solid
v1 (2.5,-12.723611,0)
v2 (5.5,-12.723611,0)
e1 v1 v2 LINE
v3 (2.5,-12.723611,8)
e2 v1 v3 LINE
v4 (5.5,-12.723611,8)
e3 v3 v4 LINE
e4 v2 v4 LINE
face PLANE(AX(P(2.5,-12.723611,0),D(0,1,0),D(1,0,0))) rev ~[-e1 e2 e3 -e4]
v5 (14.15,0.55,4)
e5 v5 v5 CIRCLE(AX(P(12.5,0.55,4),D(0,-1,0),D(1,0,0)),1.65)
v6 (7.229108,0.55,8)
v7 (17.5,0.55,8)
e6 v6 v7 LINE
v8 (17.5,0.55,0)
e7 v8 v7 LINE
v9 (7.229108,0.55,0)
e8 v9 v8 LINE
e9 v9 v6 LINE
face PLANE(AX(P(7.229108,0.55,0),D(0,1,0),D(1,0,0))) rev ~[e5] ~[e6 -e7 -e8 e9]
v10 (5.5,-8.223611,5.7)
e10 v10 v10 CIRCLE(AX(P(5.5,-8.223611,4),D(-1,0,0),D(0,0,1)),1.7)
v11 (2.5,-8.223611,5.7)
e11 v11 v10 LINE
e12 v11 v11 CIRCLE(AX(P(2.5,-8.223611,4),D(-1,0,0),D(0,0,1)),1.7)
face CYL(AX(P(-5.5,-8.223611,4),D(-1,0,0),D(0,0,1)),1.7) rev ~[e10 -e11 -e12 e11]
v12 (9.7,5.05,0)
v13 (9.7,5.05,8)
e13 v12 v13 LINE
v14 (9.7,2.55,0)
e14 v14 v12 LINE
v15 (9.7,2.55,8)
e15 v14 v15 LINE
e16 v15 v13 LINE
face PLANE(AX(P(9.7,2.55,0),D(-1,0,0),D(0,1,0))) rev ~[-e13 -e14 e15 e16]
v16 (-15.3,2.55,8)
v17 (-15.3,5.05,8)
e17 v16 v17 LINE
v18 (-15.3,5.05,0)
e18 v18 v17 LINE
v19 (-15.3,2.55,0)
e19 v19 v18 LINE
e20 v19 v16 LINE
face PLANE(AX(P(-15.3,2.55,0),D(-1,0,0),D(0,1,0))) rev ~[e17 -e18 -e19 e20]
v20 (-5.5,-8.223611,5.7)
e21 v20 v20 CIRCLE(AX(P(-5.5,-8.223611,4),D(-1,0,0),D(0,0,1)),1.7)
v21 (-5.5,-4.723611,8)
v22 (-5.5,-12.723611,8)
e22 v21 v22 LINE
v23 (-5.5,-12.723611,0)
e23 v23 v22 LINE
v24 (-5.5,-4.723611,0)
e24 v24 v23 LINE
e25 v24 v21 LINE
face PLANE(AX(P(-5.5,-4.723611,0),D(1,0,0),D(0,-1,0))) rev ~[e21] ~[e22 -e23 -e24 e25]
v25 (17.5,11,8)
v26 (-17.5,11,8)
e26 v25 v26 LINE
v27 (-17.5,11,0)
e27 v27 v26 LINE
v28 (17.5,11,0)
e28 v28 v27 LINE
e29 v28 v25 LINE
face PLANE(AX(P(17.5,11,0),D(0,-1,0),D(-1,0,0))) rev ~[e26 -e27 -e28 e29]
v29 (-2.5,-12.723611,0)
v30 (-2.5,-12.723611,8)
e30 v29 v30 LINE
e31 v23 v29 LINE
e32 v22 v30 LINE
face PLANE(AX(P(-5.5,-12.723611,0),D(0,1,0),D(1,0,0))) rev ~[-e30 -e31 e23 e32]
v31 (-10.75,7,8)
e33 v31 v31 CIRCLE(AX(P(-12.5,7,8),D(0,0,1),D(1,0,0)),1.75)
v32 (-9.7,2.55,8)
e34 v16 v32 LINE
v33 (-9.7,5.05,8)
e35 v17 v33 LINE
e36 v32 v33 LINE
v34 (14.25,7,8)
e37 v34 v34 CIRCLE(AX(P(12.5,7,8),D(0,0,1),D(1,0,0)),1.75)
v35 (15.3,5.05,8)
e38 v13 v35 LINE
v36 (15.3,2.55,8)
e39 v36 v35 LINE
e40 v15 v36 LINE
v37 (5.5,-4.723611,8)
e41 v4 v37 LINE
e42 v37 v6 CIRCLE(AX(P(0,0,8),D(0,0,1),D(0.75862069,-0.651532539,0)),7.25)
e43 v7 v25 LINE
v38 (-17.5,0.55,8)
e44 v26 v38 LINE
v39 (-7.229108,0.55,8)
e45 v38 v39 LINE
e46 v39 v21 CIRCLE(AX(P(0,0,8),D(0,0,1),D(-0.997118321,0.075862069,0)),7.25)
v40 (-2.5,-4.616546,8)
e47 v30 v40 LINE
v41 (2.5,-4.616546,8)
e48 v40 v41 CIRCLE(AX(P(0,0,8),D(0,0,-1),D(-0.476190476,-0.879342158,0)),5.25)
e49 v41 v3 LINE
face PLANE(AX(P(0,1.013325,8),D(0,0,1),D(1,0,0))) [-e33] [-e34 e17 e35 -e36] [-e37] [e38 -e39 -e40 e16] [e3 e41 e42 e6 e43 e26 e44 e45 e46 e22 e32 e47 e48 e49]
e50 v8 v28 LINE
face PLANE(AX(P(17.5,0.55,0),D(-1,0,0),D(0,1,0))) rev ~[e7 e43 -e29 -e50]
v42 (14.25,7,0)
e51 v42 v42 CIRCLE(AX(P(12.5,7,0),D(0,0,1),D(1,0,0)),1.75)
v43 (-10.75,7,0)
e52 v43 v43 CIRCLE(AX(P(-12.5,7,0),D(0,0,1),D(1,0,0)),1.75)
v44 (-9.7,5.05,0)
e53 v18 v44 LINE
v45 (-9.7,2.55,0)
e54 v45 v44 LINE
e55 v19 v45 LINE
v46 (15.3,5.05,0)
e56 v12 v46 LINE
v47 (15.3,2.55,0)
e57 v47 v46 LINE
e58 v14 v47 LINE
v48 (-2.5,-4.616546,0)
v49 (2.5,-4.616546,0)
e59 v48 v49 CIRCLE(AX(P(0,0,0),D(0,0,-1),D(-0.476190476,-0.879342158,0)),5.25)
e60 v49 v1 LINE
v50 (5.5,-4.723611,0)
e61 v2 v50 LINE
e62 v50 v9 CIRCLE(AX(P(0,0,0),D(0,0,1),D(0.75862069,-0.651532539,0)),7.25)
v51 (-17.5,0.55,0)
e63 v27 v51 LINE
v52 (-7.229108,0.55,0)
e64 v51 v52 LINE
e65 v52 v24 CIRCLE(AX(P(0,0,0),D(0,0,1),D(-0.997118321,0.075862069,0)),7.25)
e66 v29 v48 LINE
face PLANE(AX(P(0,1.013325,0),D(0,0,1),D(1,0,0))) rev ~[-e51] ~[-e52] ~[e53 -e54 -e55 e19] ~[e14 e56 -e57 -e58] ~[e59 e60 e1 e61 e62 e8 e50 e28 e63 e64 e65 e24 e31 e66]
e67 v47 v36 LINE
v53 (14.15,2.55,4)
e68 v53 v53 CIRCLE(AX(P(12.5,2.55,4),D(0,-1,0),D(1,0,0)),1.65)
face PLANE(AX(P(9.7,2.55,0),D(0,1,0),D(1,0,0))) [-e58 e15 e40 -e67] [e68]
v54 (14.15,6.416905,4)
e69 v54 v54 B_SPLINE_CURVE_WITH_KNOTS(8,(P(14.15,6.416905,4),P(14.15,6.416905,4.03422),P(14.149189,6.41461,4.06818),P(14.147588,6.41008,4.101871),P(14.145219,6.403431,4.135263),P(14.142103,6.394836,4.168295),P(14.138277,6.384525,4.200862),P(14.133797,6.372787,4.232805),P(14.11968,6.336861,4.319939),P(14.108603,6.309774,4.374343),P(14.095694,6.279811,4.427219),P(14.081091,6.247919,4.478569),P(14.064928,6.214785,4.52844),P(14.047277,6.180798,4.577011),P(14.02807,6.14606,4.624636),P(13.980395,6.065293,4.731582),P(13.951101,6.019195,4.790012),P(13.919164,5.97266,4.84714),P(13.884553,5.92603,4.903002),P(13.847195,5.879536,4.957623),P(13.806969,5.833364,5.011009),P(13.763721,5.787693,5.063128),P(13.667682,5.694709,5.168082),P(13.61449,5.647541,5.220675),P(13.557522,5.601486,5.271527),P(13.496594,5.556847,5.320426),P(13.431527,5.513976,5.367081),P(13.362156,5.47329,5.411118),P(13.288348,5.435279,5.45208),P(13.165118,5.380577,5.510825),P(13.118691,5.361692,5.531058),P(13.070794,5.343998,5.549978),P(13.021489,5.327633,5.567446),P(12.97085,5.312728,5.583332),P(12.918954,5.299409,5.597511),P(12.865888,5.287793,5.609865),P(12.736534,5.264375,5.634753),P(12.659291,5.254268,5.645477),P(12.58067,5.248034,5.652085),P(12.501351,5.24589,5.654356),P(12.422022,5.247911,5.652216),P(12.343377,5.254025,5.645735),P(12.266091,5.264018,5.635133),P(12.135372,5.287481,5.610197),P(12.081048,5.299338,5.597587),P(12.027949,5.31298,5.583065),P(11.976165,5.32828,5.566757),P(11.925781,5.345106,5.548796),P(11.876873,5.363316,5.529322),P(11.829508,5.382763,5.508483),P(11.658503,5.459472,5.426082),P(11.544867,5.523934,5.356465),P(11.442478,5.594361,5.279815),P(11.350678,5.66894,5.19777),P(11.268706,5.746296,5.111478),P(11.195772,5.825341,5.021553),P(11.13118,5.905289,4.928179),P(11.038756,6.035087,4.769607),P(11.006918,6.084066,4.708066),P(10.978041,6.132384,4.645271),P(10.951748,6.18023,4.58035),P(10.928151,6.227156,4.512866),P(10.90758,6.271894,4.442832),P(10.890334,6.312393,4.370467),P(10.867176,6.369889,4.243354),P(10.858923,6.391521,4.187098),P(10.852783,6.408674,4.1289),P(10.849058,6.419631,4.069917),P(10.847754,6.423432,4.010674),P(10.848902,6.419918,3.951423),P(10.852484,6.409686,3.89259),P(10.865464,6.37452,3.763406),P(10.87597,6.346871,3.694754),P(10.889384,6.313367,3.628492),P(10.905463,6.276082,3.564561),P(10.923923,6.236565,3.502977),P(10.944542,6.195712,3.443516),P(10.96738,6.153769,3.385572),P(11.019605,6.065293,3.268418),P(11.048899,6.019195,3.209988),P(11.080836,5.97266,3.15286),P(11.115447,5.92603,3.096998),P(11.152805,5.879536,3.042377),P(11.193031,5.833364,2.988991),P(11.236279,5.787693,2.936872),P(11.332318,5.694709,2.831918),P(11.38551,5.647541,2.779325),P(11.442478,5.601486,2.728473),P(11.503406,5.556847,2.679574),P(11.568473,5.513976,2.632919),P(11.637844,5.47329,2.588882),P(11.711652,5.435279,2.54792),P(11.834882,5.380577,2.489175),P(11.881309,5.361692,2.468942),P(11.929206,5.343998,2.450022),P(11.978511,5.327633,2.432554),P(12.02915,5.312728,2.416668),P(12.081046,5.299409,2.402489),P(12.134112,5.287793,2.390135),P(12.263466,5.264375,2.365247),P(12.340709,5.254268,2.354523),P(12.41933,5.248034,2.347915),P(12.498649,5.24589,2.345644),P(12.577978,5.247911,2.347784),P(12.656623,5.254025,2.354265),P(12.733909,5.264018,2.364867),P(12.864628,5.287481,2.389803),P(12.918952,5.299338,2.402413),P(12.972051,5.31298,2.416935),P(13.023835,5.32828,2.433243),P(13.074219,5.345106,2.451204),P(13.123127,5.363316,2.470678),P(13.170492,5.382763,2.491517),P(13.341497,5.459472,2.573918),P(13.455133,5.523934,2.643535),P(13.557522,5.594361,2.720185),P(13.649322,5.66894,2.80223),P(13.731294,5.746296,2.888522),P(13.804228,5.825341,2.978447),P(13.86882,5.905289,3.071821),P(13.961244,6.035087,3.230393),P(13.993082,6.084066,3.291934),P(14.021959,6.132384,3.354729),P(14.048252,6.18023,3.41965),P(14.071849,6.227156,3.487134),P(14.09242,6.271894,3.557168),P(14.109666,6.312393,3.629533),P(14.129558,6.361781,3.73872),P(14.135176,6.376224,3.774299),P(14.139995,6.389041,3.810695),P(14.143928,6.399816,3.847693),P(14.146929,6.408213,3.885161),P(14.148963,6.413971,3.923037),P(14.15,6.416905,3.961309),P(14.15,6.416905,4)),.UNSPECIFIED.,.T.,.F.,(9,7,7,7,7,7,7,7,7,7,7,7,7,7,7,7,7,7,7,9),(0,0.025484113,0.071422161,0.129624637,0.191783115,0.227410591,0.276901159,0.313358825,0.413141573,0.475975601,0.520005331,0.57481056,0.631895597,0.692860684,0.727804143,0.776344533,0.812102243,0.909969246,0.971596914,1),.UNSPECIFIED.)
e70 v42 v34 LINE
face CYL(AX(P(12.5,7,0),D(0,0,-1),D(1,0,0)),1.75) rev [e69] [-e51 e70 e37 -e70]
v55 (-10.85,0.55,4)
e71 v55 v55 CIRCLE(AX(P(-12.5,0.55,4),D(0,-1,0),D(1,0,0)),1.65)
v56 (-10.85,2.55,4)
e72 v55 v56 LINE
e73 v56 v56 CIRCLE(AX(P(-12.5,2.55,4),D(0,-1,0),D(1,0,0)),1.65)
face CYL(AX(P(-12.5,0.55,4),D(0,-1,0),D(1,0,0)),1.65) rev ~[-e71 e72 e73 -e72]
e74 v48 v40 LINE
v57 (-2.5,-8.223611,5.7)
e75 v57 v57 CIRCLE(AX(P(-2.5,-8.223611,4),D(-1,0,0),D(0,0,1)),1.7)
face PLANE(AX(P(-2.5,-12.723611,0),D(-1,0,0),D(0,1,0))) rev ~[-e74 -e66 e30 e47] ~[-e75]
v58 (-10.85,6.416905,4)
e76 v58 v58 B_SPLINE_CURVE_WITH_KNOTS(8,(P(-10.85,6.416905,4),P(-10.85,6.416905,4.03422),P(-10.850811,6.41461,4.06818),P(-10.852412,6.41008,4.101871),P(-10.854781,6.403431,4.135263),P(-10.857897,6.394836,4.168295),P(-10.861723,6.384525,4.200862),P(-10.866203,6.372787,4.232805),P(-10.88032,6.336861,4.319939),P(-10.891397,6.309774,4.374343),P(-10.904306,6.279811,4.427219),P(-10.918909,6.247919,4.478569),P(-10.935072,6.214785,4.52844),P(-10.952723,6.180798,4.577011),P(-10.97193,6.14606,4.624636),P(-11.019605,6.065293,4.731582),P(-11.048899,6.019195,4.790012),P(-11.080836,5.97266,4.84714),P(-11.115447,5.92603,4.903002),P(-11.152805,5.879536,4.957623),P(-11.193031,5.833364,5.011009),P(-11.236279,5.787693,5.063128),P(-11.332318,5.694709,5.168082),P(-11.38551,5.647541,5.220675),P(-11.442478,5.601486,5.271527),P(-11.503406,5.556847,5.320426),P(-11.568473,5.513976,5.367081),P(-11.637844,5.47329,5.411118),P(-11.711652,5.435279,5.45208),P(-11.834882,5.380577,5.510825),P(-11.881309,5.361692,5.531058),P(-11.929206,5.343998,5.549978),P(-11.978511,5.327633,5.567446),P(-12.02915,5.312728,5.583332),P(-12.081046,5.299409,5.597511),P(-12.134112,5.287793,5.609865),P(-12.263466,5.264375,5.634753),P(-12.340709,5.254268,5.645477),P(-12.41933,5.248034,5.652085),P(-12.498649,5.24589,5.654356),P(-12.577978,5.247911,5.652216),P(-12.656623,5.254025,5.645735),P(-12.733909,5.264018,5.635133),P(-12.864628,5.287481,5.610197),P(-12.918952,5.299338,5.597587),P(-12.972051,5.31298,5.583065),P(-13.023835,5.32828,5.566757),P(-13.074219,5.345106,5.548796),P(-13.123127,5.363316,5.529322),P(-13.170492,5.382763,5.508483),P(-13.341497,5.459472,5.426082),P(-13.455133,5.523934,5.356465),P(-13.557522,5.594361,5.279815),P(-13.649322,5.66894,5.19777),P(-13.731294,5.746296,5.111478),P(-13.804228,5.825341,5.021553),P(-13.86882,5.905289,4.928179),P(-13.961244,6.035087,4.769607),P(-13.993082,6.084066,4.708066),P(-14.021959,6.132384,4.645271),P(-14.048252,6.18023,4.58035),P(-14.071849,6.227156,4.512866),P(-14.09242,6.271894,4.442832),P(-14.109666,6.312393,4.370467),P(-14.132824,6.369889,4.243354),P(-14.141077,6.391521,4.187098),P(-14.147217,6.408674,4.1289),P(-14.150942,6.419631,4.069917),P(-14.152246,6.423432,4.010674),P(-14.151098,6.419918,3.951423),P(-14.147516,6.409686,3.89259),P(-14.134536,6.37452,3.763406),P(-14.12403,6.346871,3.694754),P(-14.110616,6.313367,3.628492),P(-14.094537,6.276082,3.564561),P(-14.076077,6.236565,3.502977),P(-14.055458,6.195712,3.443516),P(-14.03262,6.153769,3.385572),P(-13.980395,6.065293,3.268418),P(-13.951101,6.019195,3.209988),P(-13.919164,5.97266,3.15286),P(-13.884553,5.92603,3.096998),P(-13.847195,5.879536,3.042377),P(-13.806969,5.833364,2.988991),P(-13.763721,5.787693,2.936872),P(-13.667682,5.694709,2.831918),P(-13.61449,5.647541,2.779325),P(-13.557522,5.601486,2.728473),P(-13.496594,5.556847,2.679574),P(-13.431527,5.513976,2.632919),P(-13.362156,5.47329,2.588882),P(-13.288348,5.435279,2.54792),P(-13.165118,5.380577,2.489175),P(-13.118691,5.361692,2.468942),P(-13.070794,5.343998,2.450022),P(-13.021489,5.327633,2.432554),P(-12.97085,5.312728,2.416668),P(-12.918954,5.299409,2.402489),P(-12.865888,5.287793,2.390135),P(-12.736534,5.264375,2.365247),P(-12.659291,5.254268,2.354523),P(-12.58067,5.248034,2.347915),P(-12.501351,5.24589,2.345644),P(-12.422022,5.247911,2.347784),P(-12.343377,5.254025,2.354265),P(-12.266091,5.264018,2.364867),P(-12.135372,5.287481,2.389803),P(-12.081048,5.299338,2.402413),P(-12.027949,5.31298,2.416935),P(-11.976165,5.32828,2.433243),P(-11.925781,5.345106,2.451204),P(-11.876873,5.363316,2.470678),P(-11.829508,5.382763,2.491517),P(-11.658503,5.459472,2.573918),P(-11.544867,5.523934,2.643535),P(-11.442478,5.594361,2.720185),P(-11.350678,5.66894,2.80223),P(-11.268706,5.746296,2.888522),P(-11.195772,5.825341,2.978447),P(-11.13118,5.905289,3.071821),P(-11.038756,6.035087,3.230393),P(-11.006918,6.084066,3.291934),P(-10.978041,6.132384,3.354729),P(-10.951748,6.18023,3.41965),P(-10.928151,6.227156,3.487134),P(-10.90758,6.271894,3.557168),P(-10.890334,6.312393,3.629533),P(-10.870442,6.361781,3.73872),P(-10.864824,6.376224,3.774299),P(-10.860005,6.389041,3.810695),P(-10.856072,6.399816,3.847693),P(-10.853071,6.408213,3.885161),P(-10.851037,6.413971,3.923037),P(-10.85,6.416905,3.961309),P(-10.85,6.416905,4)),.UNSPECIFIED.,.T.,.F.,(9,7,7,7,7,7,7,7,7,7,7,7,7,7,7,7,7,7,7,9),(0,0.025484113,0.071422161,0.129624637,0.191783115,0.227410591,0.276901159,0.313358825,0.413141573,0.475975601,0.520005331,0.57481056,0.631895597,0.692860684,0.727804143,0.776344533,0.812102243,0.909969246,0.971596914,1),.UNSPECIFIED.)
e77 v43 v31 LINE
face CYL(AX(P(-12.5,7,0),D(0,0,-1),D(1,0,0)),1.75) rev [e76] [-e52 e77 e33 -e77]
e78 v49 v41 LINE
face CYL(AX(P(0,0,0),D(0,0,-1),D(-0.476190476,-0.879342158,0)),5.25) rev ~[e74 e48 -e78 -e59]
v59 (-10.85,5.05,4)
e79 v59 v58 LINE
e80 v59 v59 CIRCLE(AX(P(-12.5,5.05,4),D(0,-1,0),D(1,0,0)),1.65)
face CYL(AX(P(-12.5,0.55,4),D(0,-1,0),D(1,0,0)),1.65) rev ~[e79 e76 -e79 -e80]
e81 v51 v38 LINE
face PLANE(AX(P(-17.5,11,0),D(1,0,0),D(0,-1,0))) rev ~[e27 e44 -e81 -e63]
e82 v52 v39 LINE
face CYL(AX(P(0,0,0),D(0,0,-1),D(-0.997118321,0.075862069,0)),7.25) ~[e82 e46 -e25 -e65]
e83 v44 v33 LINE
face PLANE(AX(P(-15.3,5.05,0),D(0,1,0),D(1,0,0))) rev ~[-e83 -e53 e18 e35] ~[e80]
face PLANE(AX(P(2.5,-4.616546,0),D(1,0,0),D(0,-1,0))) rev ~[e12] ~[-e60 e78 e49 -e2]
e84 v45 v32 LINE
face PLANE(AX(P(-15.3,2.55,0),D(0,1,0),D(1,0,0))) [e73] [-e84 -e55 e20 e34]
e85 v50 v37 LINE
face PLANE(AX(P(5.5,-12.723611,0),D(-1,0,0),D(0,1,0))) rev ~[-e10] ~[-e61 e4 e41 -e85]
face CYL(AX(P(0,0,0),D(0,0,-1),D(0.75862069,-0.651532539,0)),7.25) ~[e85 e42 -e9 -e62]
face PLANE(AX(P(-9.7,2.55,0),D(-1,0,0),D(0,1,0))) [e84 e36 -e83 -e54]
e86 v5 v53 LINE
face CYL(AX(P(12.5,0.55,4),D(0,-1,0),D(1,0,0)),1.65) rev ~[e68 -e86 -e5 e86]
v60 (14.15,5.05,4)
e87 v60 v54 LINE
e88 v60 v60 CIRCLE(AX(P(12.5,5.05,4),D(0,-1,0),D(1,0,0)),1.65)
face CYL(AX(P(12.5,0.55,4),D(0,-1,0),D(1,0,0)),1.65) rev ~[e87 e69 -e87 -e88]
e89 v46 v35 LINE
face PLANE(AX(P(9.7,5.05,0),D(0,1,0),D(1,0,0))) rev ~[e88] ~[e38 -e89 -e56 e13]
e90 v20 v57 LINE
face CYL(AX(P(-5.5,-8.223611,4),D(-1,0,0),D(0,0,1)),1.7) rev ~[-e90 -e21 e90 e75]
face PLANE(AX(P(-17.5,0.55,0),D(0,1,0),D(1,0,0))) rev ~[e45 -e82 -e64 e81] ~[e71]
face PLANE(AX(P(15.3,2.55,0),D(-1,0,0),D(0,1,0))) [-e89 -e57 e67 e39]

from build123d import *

# Parameters (mm, degrees)
ESBO_O1_R                = 1.75
ESBO_O1_W                = 5.6
ESBO_O1_H                = 2.5
RESSALTO_EXTRUS_O1_DEPTH = 8
ESBO_O2_R                = 1.65
CORTE_EXTRUS_O1_DEPTH    = 7
ESBO_O3_R                = 1.7
CORTE_EXTRUS_O2_DEPTH    = 24


with BuildPart() as part:
    # Esboço1 → Ressalto-extrusão1 (new body)
    with BuildSketch(Plane.XY):
        with BuildLine():
            Line((17.5, 11), (0, 11))
            Line((0, 11), (-17.5, 11))
            Line((-17.5, 11), (-17.5, 0.55))
            Line((-17.5, 0.55), (-7.229107829, 0.55))
            ThreePointArc((-7.229107829, 0.55), (-6.889142873, -2.258807312), (-5.5, -4.723610907))
            Line((-5.5, -4.723610907), (-5.5, -12.723610907))
            Line((-5.5, -12.723610907), (-2.5, -12.723610907))
            Line((-2.5, -12.723610907), (-2.5, -4.616546328))
            ThreePointArc((-2.5, -4.616546328), (0, 5.25), (2.5, -4.616546328))
            Line((2.5, -4.616546328), (2.5, -12.723610907))
            Line((2.5, -12.723610907), (5.5, -12.723610907))
            Line((5.5, -12.723610907), (5.5, -4.723610907))
            ThreePointArc((5.5, -4.723610907), (6.889142873, -2.258807312), (7.229107829, 0.55))
            Line((7.229107829, 0.55), (17.5, 0.55))
            Line((17.5, 0.55), (17.5, 11))
        make_face()
        with Locations((12.5, 7)):
            Circle(ESBO_O1_R, mode=Mode.SUBTRACT)
        with Locations((-12.5, 7)):
            Circle(ESBO_O1_R, mode=Mode.SUBTRACT)
        with Locations((-12.5, 3.8)):
            Rectangle(ESBO_O1_W, ESBO_O1_H, mode=Mode.SUBTRACT)
        with Locations((12.5, 3.8)):
            Rectangle(ESBO_O1_W, ESBO_O1_H, mode=Mode.SUBTRACT)
    extrude(amount=RESSALTO_EXTRUS_O1_DEPTH)

    # Esboço2 → Corte-extrusão1 (cut)
    with BuildSketch(Plane.XZ.offset(-0.55)):
        with Locations((-12.5, 4)):
            Circle(ESBO_O2_R)
        with Locations((12.5, 4)):
            Circle(ESBO_O2_R)
    extrude(amount=-CORTE_EXTRUS_O1_DEPTH, mode=Mode.SUBTRACT)

    # Esboço3 → Corte-extrusão2 (cut, through all)
    with BuildSketch(Plane.ZY.offset(5.5)):
        with Locations((4, -8.223610907)):
            Circle(ESBO_O3_R)
    extrude(amount=-CORTE_EXTRUS_O2_DEPTH, mode=Mode.SUBTRACT)


solid = part.part
